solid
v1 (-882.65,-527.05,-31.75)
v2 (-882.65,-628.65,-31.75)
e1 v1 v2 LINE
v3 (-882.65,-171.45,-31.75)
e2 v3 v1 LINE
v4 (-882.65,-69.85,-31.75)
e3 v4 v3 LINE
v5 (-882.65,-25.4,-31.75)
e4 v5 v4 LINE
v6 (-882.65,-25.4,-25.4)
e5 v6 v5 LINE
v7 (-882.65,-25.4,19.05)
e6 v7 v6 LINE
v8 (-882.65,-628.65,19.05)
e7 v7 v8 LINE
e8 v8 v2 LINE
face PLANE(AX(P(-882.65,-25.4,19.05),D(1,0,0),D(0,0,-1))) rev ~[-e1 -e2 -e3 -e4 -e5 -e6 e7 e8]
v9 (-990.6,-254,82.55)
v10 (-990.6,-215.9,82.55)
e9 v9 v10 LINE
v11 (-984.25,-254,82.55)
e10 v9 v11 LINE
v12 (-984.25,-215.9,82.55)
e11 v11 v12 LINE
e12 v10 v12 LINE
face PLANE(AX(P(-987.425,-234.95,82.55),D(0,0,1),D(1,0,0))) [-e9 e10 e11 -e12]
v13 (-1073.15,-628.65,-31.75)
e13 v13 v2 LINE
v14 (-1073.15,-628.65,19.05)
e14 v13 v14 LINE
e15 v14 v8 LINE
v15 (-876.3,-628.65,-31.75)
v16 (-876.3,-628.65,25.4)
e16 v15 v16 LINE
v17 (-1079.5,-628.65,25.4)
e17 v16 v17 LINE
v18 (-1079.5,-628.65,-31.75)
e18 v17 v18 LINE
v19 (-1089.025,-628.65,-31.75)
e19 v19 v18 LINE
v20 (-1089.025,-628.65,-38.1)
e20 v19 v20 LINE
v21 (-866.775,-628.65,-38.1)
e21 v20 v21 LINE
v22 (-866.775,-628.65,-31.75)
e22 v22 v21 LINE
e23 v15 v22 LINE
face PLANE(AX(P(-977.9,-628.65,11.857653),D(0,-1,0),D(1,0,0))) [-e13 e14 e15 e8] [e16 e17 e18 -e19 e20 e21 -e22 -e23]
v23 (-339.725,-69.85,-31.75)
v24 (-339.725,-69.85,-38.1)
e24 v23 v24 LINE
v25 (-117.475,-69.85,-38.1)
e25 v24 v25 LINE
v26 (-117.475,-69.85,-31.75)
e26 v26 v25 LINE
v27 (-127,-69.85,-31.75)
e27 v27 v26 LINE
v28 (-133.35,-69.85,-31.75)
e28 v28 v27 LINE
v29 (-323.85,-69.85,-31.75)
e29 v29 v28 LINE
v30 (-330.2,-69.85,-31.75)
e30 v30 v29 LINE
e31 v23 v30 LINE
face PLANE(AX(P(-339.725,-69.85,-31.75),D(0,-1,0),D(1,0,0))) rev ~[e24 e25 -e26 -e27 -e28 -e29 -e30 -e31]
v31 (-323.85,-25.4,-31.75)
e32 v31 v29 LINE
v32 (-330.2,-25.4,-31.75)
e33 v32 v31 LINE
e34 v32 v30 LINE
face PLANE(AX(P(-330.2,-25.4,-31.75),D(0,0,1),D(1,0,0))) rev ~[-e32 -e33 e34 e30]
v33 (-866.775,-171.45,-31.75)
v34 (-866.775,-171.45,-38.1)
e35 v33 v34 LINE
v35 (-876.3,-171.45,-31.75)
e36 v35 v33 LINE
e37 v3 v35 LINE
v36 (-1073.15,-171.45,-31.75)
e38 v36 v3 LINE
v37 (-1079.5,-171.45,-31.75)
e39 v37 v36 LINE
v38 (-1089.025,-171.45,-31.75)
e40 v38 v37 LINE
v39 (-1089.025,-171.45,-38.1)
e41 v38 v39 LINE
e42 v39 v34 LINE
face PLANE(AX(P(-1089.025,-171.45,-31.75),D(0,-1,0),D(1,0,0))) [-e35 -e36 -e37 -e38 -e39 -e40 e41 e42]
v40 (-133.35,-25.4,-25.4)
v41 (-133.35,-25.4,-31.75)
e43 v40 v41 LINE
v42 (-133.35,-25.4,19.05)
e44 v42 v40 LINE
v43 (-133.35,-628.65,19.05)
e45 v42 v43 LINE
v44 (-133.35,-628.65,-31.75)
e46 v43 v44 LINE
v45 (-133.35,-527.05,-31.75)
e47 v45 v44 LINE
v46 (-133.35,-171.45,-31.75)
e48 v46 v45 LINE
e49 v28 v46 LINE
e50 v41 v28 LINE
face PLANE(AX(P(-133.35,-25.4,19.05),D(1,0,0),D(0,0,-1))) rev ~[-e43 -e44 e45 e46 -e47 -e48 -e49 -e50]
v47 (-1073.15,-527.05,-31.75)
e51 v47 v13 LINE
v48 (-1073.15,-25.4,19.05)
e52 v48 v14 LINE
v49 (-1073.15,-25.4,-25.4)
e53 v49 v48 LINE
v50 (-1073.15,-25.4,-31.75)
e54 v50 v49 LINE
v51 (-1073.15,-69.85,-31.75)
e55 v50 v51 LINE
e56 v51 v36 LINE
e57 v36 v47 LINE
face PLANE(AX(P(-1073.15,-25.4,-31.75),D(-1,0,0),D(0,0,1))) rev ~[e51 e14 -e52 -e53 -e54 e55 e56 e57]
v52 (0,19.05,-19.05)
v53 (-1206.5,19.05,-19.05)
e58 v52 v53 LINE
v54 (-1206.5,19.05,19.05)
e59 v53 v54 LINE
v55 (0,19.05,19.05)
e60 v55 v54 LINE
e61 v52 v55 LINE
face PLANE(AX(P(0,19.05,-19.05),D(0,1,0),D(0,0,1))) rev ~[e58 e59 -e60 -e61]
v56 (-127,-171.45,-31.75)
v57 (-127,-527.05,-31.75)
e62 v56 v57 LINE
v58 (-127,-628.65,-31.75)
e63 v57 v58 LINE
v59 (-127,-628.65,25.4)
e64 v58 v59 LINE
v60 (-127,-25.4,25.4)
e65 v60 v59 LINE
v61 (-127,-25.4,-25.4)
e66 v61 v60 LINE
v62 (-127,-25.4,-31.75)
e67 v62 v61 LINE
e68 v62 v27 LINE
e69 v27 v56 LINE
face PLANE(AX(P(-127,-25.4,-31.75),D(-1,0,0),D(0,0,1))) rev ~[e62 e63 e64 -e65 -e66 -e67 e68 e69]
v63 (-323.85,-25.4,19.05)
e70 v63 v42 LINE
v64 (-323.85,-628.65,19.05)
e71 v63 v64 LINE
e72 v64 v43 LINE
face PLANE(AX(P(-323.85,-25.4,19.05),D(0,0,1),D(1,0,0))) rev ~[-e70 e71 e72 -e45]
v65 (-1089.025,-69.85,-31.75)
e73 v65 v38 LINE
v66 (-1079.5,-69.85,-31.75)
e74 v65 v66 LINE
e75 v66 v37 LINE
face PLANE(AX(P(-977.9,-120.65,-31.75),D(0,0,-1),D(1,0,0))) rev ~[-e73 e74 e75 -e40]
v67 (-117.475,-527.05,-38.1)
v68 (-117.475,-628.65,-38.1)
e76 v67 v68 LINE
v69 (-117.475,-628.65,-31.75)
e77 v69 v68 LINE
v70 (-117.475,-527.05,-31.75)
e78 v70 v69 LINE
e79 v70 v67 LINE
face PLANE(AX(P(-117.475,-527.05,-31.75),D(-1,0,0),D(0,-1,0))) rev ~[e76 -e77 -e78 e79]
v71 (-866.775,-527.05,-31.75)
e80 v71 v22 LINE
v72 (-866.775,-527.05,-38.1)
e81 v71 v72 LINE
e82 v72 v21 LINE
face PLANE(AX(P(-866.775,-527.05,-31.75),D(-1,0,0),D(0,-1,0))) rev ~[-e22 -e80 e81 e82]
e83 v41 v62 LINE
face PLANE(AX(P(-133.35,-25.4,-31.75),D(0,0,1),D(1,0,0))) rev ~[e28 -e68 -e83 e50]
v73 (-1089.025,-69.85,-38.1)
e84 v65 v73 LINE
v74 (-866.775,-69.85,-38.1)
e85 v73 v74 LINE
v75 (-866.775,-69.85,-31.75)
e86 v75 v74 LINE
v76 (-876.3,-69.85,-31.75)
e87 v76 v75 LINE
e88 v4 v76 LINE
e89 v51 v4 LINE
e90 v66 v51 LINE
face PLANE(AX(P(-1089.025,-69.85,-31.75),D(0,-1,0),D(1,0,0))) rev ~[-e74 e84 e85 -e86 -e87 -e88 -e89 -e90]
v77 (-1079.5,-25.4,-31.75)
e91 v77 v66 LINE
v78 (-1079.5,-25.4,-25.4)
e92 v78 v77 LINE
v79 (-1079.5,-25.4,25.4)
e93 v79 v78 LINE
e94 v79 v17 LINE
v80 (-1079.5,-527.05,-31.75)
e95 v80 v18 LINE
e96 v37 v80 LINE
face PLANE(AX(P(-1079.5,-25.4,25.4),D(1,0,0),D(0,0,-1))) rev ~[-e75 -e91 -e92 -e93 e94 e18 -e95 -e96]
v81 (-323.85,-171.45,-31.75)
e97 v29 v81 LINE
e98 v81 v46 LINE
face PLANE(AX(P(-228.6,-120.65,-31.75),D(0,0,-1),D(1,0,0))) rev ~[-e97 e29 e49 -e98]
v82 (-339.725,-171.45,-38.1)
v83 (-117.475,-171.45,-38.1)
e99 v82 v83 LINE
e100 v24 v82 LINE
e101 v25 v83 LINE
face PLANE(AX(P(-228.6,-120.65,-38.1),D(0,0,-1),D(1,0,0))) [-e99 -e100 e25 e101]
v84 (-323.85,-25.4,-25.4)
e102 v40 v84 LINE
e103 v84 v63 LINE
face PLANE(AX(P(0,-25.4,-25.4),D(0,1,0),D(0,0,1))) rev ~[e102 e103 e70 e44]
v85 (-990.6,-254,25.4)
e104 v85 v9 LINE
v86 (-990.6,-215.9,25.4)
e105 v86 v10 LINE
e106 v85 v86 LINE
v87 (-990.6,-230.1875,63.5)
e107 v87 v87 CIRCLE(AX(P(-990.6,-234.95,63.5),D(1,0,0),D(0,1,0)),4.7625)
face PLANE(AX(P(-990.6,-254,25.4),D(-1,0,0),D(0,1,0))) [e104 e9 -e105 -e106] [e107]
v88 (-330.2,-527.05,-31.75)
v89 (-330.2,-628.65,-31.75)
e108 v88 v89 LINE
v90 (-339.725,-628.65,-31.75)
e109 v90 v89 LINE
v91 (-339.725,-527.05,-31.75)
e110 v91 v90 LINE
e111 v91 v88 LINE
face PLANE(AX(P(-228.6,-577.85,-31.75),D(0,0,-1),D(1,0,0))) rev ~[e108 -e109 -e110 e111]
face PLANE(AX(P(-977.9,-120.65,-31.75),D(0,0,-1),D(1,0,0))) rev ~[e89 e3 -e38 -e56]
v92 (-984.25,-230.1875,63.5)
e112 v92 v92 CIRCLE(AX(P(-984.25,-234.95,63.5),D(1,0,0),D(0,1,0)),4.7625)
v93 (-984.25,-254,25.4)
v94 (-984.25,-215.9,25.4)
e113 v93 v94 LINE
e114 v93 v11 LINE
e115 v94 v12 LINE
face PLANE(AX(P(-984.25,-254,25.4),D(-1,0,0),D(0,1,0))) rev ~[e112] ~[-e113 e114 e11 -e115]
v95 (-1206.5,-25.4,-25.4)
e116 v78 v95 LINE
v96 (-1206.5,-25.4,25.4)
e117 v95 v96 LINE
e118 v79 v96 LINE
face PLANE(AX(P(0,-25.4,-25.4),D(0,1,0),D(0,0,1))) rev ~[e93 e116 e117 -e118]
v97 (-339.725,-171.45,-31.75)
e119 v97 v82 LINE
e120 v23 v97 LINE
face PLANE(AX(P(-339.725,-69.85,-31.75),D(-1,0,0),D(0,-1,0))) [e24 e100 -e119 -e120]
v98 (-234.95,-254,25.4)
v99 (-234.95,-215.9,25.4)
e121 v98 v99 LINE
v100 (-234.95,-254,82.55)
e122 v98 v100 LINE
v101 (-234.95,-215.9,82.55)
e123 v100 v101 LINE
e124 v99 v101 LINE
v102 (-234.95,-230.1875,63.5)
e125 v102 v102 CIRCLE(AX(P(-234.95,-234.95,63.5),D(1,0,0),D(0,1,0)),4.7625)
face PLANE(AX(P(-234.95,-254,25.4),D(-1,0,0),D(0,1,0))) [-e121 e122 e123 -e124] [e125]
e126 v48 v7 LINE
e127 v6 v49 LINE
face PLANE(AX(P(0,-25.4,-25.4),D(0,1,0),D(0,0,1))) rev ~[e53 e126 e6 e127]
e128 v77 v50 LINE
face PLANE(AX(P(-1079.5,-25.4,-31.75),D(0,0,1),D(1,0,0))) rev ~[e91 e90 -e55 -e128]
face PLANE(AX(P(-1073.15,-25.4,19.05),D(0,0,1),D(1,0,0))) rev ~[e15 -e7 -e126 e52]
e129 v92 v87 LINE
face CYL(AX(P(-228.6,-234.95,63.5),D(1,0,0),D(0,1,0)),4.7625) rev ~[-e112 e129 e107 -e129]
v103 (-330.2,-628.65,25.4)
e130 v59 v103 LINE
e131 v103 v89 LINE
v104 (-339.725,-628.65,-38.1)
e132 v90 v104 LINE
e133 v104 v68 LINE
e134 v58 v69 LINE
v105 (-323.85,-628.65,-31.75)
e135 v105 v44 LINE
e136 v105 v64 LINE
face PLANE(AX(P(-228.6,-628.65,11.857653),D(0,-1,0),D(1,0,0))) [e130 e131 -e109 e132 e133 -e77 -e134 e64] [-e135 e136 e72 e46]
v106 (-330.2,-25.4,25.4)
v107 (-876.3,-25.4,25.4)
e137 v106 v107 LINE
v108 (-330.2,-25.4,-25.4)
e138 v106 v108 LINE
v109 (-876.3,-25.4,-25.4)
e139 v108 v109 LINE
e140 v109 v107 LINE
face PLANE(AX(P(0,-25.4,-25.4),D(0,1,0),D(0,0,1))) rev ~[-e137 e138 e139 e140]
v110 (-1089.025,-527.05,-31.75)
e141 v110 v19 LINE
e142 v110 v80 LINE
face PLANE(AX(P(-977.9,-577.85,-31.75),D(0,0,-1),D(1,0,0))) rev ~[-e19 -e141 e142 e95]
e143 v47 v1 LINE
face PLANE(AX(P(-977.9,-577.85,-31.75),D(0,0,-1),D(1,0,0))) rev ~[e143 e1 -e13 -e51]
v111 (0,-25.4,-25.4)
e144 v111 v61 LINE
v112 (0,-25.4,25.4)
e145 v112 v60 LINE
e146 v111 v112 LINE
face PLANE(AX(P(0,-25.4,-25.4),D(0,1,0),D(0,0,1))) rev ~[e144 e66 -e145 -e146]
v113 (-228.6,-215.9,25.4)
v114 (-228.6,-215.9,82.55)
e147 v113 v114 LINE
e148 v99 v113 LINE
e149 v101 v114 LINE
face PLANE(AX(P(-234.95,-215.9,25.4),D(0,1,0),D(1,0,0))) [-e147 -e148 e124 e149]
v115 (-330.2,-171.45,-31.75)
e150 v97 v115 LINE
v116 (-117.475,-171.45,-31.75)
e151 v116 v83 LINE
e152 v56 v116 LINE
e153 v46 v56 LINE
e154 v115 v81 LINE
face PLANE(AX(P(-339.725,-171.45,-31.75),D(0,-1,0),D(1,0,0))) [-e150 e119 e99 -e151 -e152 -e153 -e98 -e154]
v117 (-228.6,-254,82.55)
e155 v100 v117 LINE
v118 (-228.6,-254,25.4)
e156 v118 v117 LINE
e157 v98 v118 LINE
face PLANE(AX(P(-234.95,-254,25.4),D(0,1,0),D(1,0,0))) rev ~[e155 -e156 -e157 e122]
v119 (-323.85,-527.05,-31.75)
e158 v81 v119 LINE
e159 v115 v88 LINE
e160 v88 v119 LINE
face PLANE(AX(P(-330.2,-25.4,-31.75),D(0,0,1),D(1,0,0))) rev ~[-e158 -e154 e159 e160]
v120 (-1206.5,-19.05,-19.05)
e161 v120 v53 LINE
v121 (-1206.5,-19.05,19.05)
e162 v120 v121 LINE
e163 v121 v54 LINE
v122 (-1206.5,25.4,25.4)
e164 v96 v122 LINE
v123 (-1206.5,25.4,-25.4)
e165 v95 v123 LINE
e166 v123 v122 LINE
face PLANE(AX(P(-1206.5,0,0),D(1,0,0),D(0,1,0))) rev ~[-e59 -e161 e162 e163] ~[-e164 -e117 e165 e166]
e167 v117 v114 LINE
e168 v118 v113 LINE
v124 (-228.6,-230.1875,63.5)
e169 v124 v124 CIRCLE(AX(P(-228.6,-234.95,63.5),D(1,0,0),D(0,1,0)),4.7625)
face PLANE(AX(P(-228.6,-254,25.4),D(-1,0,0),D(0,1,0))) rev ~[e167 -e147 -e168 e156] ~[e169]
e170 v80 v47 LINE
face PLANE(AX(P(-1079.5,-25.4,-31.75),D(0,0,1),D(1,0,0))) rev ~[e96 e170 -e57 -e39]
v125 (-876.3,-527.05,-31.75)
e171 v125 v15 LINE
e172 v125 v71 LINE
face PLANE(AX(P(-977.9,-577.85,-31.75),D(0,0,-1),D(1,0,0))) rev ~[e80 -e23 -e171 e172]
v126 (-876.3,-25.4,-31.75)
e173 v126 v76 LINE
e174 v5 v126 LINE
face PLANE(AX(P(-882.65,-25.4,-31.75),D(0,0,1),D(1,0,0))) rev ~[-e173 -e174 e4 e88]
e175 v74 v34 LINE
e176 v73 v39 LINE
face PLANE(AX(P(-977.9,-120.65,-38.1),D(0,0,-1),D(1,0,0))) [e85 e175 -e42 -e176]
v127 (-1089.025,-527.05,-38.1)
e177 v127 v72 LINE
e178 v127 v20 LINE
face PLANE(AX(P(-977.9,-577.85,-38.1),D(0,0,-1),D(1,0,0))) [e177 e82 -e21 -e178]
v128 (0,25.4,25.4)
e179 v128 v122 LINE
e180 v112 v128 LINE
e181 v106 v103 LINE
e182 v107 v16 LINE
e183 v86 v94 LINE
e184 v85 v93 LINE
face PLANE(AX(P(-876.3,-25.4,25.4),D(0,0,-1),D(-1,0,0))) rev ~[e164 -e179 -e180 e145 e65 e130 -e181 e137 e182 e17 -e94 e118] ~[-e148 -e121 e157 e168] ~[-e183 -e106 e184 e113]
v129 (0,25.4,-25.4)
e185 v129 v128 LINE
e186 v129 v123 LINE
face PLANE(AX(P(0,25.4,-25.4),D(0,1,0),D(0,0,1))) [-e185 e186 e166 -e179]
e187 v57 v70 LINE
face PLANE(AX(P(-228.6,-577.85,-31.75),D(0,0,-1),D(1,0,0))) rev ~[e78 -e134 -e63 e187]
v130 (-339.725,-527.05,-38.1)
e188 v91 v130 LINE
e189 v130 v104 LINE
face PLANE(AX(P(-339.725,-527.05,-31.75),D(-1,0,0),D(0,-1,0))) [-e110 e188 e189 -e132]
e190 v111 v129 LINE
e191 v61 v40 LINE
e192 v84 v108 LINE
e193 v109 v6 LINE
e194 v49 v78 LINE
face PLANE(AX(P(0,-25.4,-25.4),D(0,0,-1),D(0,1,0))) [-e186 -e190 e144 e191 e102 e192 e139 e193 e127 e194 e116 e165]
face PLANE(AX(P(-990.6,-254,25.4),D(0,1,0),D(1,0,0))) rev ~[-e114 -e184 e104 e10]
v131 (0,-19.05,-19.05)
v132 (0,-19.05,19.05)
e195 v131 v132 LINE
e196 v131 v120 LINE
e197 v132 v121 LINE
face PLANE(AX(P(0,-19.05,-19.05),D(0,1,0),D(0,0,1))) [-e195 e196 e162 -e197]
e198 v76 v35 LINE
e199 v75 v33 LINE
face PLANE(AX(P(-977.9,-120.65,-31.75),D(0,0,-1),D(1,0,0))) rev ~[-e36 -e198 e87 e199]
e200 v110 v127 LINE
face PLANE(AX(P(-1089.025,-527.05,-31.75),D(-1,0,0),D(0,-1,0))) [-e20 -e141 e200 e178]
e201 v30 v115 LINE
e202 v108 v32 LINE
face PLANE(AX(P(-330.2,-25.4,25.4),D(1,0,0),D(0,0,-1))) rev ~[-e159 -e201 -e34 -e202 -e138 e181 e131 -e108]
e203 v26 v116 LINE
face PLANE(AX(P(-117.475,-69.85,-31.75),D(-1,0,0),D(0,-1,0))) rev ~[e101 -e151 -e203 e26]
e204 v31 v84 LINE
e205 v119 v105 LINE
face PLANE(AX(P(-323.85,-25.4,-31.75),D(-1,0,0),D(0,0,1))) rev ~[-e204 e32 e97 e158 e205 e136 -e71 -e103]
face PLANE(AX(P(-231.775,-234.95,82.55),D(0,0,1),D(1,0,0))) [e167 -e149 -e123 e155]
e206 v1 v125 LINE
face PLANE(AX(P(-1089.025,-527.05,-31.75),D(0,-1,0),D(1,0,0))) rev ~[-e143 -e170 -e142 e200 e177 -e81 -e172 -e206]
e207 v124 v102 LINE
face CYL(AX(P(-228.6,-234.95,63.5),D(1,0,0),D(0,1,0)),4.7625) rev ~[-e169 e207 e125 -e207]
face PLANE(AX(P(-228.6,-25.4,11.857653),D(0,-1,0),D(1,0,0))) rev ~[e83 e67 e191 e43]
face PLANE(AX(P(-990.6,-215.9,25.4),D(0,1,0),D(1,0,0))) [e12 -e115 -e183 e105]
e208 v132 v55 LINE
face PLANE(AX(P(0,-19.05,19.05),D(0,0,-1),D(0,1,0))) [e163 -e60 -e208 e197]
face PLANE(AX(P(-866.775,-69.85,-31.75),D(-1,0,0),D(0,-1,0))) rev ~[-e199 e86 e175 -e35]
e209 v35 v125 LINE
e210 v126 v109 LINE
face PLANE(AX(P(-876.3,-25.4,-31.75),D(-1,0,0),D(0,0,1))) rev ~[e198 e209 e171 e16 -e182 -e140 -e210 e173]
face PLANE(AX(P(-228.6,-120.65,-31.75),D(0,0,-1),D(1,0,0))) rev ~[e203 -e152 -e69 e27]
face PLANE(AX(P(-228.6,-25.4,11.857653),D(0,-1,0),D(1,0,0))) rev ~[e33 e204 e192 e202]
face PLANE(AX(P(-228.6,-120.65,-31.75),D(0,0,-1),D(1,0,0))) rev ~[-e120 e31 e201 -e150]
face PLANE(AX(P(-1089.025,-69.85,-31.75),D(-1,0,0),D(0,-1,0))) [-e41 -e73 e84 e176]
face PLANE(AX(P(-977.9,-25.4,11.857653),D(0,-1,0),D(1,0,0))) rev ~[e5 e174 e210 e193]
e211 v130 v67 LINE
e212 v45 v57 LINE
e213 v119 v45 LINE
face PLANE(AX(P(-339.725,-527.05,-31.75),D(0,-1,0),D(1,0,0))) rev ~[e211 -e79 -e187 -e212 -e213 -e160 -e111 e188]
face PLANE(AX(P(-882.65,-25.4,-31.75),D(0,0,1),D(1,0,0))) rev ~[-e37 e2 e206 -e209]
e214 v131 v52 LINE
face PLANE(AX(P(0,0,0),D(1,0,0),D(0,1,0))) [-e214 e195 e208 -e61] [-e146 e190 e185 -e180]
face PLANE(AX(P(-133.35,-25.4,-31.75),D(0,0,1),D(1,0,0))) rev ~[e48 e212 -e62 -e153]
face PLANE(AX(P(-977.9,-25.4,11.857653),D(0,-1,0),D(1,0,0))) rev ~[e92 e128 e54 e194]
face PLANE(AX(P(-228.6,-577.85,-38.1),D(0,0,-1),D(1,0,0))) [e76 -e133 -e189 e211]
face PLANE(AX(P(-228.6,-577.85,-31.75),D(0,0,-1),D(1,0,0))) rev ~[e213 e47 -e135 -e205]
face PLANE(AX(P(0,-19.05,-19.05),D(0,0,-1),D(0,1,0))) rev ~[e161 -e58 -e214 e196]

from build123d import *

# Parameters (mm, degrees)
F0_W      = 50.8
F0_H      = 50.8
F0_W_2    = 38.1
F0_H_2    = 38.1
F1_DEPTH  = 1206.5
F4_DEPTH  = 603.25
F5_W      = 222.25
F5_H      = 101.6
F6_DEPTH  = 6.35
F7_W      = 6.35
F7_H      = 38.1
F8_DEPTH  = 57.15
F9_R      = 4.7625
F10_DEPTH = 762


with BuildPart() as f1:
    # F0 (on Right) → F1 (new body)
    with BuildSketch(Plane.YZ):
        Rectangle(F0_W, F0_H)
        Rectangle(F0_W_2, F0_H_2, mode=Mode.SUBTRACT)
    extrude(amount=-F1_DEPTH)

    # F3 (on offset) → F4 (join)
    with BuildSketch(Plane.XZ.offset(25.4)):
        Polygon((-876.3, 25.4), (-1079.5, 25.4), (-1079.5, -31.75), (-1073.15, -31.75), (-1073.15, 19.05), (-882.65, 19.05), (-882.65, -31.75), (-876.3, -31.75), align=None)
        Polygon((-127, -31.75), (-127, 25.4), (-330.2, 25.4), (-330.2, -31.75), (-323.85, -31.75), (-323.85, 19.05), (-133.35, 19.05), (-133.35, -31.75), align=None)
    extrude(amount=F4_DEPTH)

    # F5 (on face) → F6 (join)
    with BuildSketch(Plane(origin=(0, 0, -31.75), x_dir=(1, 0, 0), z_dir=(0, 0, -1))):
        with Locations((-228.6, 120.65)):
            Rectangle(F5_W, F5_H)
        with Locations((-228.6, 577.85)):
            Rectangle(F5_W, F5_H)
        with Locations((-977.9, 120.65)):
            Rectangle(F5_W, F5_H)
        with Locations((-977.9, 577.85)):
            Rectangle(F5_W, F5_H)
    extrude(amount=F6_DEPTH)

    # F7 (on face) → F8 (join)
    with BuildSketch(Plane.XY.offset(25.4)):
        with Locations((-231.775, -234.95)):
            Rectangle(F7_W, F7_H)
        with Locations((-987.425, -234.95)):
            Rectangle(F7_W, F7_H)
    extrude(amount=F8_DEPTH)

    # F9 (on face) → F10 (cut)
    with BuildSketch(Plane.YZ.offset(-228.6)):
        with Locations((-234.95, 63.5)):
            Circle(F9_R)
    extrude(amount=-F10_DEPTH, mode=Mode.SUBTRACT)


solid = f1.part
